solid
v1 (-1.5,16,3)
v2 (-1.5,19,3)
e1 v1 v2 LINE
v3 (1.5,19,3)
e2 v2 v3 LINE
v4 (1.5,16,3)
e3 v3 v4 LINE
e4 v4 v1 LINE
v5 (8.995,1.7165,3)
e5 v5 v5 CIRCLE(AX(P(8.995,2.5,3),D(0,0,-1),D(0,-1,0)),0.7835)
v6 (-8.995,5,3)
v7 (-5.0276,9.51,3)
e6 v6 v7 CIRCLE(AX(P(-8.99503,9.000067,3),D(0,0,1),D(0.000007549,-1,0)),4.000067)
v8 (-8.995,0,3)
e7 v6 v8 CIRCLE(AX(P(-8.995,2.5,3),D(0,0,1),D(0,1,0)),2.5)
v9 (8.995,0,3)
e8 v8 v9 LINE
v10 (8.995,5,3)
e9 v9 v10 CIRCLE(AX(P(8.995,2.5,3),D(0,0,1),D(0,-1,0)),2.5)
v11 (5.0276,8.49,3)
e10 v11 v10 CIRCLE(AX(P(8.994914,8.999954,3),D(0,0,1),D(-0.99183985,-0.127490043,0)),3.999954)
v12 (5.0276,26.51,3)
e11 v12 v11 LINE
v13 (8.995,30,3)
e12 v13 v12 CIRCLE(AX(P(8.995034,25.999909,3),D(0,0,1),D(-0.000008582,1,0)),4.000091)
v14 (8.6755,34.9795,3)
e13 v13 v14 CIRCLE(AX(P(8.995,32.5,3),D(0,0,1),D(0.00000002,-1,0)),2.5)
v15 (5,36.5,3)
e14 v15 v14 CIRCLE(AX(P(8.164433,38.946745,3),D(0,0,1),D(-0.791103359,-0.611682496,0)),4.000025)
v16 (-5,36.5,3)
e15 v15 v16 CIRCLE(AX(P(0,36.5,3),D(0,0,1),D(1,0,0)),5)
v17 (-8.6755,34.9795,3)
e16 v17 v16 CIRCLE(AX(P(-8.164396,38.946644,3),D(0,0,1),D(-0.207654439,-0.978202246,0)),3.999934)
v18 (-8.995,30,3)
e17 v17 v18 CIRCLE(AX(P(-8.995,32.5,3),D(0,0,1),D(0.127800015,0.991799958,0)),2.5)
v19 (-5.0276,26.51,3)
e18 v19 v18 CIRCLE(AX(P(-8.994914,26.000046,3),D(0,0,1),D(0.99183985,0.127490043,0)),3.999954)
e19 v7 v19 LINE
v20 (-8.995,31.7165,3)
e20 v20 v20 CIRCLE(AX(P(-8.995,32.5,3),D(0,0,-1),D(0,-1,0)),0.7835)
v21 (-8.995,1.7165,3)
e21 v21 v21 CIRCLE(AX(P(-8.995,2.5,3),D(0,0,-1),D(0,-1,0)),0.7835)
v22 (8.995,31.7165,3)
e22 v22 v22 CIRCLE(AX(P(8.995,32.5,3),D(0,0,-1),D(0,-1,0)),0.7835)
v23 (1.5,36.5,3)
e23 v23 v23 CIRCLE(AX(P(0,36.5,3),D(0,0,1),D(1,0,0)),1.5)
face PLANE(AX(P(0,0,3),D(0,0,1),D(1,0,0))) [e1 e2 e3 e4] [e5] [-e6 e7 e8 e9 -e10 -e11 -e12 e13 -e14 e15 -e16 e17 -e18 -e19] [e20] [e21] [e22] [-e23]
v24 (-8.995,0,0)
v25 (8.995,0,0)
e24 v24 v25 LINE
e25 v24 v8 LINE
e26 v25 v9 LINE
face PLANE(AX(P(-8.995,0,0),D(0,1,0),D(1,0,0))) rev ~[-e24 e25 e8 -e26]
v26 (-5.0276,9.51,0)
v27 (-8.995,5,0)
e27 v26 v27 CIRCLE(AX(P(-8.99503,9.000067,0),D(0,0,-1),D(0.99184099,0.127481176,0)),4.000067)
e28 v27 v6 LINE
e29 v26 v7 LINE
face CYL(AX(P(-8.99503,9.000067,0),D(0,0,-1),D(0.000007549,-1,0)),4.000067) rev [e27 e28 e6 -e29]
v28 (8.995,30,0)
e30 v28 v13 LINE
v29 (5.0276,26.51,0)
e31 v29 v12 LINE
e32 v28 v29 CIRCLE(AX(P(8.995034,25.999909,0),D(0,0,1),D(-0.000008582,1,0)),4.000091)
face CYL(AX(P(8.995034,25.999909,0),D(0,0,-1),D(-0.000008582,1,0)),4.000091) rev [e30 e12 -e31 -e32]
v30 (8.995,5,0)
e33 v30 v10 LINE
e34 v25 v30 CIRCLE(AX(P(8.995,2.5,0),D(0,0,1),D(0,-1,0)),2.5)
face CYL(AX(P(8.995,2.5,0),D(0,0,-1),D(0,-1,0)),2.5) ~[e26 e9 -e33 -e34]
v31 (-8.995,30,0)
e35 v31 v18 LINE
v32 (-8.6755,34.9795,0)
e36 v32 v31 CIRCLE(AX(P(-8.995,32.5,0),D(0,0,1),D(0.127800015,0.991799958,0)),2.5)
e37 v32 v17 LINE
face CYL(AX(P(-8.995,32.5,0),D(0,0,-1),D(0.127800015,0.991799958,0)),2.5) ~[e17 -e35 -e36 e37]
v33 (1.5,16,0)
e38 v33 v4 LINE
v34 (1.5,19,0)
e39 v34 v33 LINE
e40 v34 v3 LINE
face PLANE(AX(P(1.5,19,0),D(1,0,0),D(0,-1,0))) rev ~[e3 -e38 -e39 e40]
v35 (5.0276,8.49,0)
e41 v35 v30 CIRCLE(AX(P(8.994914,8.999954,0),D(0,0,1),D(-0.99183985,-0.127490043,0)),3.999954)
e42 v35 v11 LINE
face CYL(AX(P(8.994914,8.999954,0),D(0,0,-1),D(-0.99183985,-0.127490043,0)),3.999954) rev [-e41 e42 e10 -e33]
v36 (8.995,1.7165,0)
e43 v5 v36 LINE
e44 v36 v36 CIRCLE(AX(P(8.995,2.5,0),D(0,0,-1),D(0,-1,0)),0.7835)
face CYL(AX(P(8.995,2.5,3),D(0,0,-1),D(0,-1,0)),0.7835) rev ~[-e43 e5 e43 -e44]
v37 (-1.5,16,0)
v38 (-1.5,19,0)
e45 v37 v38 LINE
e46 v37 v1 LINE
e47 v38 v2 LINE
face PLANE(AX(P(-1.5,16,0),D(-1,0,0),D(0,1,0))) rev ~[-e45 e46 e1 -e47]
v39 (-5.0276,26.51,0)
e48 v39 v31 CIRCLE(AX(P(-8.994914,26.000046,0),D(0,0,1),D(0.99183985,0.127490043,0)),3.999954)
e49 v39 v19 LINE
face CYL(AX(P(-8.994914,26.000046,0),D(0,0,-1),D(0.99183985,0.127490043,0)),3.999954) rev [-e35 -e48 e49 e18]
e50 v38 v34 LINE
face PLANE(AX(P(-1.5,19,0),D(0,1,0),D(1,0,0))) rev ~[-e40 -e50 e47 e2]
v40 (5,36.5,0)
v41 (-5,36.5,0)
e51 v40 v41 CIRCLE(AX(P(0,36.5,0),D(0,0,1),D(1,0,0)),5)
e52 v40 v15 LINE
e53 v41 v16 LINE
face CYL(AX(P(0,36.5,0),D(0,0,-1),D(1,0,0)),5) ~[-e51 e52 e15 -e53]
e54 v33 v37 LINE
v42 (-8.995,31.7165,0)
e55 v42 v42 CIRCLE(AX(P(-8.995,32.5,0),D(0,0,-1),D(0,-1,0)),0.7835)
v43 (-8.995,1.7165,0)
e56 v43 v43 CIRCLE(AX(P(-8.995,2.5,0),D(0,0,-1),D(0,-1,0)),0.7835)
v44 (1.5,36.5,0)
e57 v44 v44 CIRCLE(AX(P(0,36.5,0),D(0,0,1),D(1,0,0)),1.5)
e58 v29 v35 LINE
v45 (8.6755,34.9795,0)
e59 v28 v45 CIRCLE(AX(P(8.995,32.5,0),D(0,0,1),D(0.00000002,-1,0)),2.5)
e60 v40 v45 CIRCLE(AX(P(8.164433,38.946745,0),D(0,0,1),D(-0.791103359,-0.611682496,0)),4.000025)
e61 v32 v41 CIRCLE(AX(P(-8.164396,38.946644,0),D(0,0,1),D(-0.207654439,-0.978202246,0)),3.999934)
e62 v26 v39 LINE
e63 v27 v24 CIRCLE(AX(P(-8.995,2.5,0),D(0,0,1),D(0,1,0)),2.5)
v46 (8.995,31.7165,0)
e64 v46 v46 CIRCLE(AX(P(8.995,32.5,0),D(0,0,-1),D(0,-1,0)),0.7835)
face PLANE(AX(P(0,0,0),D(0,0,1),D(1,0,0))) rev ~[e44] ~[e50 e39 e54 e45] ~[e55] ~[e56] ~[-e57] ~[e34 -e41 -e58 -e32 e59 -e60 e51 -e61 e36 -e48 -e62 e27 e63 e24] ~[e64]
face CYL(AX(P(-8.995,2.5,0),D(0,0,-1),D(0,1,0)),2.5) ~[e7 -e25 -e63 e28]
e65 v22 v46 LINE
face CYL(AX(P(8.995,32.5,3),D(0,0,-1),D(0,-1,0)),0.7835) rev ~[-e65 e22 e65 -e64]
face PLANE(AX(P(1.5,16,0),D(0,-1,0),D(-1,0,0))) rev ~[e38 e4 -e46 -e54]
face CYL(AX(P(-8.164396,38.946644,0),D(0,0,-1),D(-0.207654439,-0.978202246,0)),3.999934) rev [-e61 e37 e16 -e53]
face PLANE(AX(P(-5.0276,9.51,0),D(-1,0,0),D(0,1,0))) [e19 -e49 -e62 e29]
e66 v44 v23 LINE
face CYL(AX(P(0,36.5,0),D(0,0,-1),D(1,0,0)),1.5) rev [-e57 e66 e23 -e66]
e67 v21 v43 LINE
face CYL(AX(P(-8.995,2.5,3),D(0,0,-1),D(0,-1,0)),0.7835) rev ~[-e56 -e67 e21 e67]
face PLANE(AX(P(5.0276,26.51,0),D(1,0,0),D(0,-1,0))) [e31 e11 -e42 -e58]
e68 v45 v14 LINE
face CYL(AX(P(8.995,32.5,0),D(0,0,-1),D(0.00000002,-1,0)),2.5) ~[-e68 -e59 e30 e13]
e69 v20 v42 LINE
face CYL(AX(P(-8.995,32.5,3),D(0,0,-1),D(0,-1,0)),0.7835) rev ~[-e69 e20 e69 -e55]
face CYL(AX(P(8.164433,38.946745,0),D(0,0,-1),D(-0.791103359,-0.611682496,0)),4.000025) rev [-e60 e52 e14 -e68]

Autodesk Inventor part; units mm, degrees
ref_plane "YZ Plane" through (0, 0, 0) normal (1, 0, 0) x (0, 1, 0)
ref_plane "XZ Plane" through (0, 0, 0) normal (0, 1, 0) x (-1, 0, 0)
ref_plane "XY Plane" through (0, 0, 0) normal (0, 0, 1) x (1, 0, 0)
sketch "Sketch1" plane through (0, 0, 0) normal (0, 0, 1) x (1, 0, 0)
  line L0 (-8.995, 0) -> (8.995, 0)
  arc A0 (8.995, 0) -> (8.995, 5) centre (8.995, 2.5) ccw
  arc A1 (-8.995, 5) -> (-8.995, 0) centre (-8.995, 2.5) ccw
  line L1 (-8.995, 0) -> (-8.995, 5) construction
  line L2 (8.995, 0) -> (8.995, 5) construction
  arc A2 (8.995, 30) -> (8.6755, 34.9795) centre (8.995, 32.5) ccw
  arc A3 (-8.6755, 34.9795) -> (-8.995, 30) centre (-8.995, 32.5) ccw
  line L3 (-1.5, 19) -> (1.5, 19)
  line L4 (1.5, 19) -> (1.5, 16)
  line L5 (1.5, 16) -> (-1.5, 16)
  line L6 (-1.5, 16) -> (-1.5, 19)
  line L7 (-1.5, 19) -> (1.5, 16) construction
  line L8 (1.5, 19) -> (-1.5, 16) construction
  line L9 (-8.995, 35.0339) -> (-8.995, 30) construction
  line L10 (8.995, 35.0339) -> (8.995, 30) construction
  line L11 (-5.0276, 26.51) -> (5.0276, 26.51) construction
  line L12 (5.0276, 26.51) -> (5.0276, 8.49)
  line L13 (5.0276, 8.49) -> (-5.0276, 8.49) construction
  line L14 (-5.0276, 8.49) -> (-5.0276, 26.51)
  line L15 (-5.0276, 26.51) -> (5.0276, 8.49) construction
  line L16 (5.0276, 26.51) -> (-5.0276, 8.49) construction
  arc A4 (8.995, 30) -> (5.0276, 26.51) centre (8.995, 26) ccw
  arc A5 (-5.0276, 26.51) -> (-8.995, 30) centre (-8.995, 26) ccw
  arc A6 (-8.995, 5) -> (-5.0276, 9.51) centre (-8.995, 9) ccw
  arc A7 (5.0276, 8.49) -> (8.995, 5) centre (8.995, 9) ccw
  arc A8 (5, 36.5) -> (-5, 36.5) centre (0, 36.5) ccw
  line L17 (-5, 36.5) -> (5, 36.5) construction
  arc A9 (-8.995, 35.0339) -> (-5, 36.5) centre (-8.1644, 38.9467) ccw
  arc A10 (5, 36.5) -> (8.995, 35.0339) centre (8.1644, 38.9467) ccw
  circle A11 centre (0, 36.5) radius 1.5
  point P0 (0, 0)
  point P1 (-8.995, 2.5)
  point P2 (8.995, 2.5)
  point P3 (0, 17.5)
  point P4 (-11.495, 32.5)
  point P5 (-11.495, 2.5)
  point P6 (0, 41.5)
  point P7 (11.495, 32.5)
  point P8 (11.495, 2.5)
  point P9 (-8.995, 32.5169)
  dimension "d1" = 2.5
  dimension "d2" = 2.5
  dimension "d3" = 2.5
  dimension "d4" = 32.5
  dimension "d6" = 3
  dimension "d7" = 3
  dimension "d8" = 16
  dimension "d12" = 18.02
  dimension "d13" = 4
  dimension "d14" = 4
  dimension "d16" = 5
  dimension "d17" = 4
  dimension "d22" = 41.5
  dimension "d25" = 22.99
  dimension "d29" = 3
  dimension "d30" = 36.5
  dimension "d33" = 8.995
extrude "Extrusion1" add sketch "Sketch1" along normal blind 3 contours A1 A6 L14 A5 A3 A9 A8 A10 A2 A4 L12 A7 A0 L0
sketch "Sketch2" plane through (0, 0, 3) normal (0, 0, 1) x (1, 0, 0)
  arc A0 (8.995, 30) -> (8.6755, 34.9795) centre (8.995, 32.5) ccw projected
  arc A1 (-8.6755, 34.9795) -> (-8.995, 30) centre (-8.995, 32.5) ccw projected
  arc A2 (-8.995, 5) -> (-8.995, 0) centre (-8.995, 2.5) ccw projected
  arc A3 (8.995, 0) -> (8.995, 5) centre (8.995, 2.5) ccw projected
  point P0 (0, 0)
hole "Hole1" at (-8.995, 32.5, 3) at (8.995, 32.5, 3) at (8.995, 2.5, 3) at (-8.995, 2.5, 3) direction (0, 0, -1) diameter 1.567 end through all thread size "M2x0.4" class "6H" standard "ANSI Metric M Profile"
properties part number "23 - Valve Disc" material "Steel AISI 1020 107 HR"
